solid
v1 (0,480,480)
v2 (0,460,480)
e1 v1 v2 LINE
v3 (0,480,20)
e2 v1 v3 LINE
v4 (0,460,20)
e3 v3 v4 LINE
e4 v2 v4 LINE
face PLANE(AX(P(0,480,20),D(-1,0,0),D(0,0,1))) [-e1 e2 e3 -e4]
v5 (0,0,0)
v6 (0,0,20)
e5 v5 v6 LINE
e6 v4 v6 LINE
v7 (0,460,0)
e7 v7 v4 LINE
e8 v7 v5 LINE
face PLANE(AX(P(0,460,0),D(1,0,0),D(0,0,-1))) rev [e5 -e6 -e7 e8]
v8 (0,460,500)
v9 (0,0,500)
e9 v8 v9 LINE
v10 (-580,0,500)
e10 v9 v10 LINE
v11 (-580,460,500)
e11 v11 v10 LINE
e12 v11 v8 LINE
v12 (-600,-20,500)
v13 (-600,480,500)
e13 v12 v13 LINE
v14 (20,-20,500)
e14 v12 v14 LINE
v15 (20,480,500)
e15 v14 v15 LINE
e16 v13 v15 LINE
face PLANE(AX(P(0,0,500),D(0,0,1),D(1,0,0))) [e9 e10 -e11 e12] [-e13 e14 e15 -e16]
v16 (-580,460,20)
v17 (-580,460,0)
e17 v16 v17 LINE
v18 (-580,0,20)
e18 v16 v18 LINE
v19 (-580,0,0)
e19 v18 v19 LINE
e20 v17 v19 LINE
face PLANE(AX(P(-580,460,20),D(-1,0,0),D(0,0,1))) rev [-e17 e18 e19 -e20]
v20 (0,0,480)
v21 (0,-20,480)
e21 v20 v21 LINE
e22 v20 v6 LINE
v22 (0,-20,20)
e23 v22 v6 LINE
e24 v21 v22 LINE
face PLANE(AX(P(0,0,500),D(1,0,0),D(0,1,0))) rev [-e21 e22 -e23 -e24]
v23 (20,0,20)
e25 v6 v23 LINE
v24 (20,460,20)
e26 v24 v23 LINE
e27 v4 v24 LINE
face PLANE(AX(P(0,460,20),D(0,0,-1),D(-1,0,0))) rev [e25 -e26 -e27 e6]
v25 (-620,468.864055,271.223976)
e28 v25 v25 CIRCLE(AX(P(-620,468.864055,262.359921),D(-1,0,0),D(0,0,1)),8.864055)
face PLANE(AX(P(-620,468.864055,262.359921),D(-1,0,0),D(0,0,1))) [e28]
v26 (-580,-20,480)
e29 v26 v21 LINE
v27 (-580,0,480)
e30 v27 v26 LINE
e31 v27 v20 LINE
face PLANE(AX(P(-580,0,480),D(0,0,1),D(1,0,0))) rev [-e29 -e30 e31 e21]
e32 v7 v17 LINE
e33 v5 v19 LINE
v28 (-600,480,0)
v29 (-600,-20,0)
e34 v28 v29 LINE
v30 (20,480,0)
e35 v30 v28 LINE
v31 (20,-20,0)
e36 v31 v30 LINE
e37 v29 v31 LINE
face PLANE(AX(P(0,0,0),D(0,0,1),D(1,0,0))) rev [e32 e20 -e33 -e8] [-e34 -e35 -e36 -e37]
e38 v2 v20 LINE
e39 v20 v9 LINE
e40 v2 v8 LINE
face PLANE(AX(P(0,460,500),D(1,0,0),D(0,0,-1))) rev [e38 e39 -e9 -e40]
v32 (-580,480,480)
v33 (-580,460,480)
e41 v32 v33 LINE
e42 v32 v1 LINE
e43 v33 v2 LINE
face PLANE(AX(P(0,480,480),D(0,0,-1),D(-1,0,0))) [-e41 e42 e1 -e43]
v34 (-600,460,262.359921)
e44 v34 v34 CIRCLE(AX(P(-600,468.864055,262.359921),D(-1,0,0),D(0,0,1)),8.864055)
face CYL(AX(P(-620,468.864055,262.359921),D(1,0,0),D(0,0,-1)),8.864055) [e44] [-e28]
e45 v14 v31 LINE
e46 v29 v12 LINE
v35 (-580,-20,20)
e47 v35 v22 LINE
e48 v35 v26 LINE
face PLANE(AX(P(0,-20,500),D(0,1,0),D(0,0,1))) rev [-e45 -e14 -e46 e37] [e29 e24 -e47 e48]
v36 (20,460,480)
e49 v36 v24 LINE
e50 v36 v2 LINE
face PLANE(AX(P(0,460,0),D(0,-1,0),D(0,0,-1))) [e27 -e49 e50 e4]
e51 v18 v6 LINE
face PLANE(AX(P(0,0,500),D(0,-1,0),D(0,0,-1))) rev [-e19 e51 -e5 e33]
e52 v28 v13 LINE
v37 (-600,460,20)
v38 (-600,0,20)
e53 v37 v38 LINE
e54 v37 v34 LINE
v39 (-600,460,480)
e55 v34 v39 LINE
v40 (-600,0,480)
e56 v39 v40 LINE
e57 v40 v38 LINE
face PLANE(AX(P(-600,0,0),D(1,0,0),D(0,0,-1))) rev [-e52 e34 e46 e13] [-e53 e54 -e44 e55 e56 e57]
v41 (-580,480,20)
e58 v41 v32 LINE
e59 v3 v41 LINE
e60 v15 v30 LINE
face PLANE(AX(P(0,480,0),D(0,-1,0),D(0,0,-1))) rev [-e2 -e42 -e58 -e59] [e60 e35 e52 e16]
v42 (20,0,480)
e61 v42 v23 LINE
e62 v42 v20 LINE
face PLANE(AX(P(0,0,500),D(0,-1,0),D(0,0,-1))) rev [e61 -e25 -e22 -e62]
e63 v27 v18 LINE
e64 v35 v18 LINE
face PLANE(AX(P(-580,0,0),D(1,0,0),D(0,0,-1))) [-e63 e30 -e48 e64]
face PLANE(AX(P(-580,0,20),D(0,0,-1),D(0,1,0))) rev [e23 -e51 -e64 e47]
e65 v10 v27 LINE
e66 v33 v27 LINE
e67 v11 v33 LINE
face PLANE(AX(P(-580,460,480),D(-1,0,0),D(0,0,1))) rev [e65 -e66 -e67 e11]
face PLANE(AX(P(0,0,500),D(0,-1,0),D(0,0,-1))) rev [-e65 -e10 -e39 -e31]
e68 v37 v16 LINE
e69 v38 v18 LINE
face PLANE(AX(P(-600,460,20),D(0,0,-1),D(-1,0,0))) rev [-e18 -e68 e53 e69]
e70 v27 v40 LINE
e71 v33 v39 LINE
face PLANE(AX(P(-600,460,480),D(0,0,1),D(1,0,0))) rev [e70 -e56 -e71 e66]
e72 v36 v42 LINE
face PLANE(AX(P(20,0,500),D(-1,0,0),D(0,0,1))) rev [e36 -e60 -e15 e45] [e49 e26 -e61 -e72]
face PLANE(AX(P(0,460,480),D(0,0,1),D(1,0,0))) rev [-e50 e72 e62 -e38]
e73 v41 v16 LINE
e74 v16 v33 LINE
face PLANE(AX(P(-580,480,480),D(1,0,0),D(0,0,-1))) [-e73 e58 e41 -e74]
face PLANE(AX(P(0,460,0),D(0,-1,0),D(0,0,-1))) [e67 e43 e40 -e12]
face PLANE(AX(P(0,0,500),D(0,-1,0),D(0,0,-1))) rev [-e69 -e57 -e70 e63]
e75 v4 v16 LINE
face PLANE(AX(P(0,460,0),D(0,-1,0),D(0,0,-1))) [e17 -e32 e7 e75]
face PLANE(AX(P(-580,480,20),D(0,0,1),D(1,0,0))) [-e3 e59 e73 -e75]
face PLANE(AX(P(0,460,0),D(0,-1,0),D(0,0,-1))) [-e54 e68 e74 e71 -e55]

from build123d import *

# Parameters (mm, degrees)
SKETCH_1_W      = 20
SKETCH_1_H      = 20
EXTRUDE_1_DEPTH = 500
SKETCH_2_W      = 20
SKETCH_2_H      = 20
EXTRUDE_2_DEPTH = 580
SKETCH_3_W      = 500
SKETCH_3_H      = 20
EXTRUDE_3_DEPTH = 20
SKETCH_4_W      = 20
SKETCH_4_H      = 20
EXTRUDE_4_DEPTH = 460
SKETCH_5_W      = 620
SKETCH_5_H      = 500
SKETCH_5_W_2    = 580
SKETCH_5_H_2    = 460
EXTRUDE_5_DEPTH = 20
SKETCH_6_R      = 8.86405517
EXTRUDE_6_DEPTH = 20


with BuildPart() as part:
    # 草图1 → 凸台-拉伸1 (new body)
    with BuildSketch(Plane.XY):
        with Locations((10, -10)):
            Rectangle(SKETCH_1_W, SKETCH_1_H)
    extrude(amount=EXTRUDE_1_DEPTH)

    # 草图2 → 凸台-拉伸2 (add)
    with BuildSketch(Plane.ZY):
        with Locations((490, -10)):
            Rectangle(SKETCH_2_W, SKETCH_2_H)
        with Locations((10, -10)):
            Rectangle(SKETCH_2_W, SKETCH_2_H)
    extrude(amount=EXTRUDE_2_DEPTH)

    # 草图3 → 凸台-拉伸3 (add)
    with BuildSketch(Plane.ZY.offset(580)):
        with Locations((250, -10)):
            Rectangle(SKETCH_3_W, SKETCH_3_H)
    extrude(amount=EXTRUDE_3_DEPTH)

    # 草图4 → 凸台-拉伸4 (add)
    with BuildSketch(Plane(origin=(0, 0, 0), x_dir=(1, 0, 0), z_dir=(0, 1, 0))):
        with Locations((10, -10)):
            Rectangle(SKETCH_4_W, SKETCH_4_H)
        with Locations((10, -490)):
            Rectangle(SKETCH_4_W, SKETCH_4_H)
        with Locations((-590, -490)):
            Rectangle(SKETCH_4_W, SKETCH_4_H)
        with Locations((-590, -10)):
            Rectangle(SKETCH_4_W, SKETCH_4_H)
    extrude(amount=EXTRUDE_4_DEPTH)

    # 草图5 → 凸台-拉伸5 (add)
    with BuildSketch(Plane(origin=(0, 460, 0), x_dir=(1, 0, 0), z_dir=(0, 1, 0))):
        with Locations((-290, -250)):
            Rectangle(SKETCH_5_W, SKETCH_5_H)
        with Locations((-290, -250)):
            Rectangle(SKETCH_5_W_2, SKETCH_5_H_2, mode=Mode.SUBTRACT)
    extrude(amount=EXTRUDE_5_DEPTH)

    # 草图6 → 凸台-拉伸6 (add)
    with BuildSketch(Plane.ZY.offset(600)):
        with Locations(Location((262.359920907, 468.86405517, 0), (0, 0, 270))):
            Circle(SKETCH_6_R)
    extrude(amount=EXTRUDE_6_DEPTH)


solid = part.part
